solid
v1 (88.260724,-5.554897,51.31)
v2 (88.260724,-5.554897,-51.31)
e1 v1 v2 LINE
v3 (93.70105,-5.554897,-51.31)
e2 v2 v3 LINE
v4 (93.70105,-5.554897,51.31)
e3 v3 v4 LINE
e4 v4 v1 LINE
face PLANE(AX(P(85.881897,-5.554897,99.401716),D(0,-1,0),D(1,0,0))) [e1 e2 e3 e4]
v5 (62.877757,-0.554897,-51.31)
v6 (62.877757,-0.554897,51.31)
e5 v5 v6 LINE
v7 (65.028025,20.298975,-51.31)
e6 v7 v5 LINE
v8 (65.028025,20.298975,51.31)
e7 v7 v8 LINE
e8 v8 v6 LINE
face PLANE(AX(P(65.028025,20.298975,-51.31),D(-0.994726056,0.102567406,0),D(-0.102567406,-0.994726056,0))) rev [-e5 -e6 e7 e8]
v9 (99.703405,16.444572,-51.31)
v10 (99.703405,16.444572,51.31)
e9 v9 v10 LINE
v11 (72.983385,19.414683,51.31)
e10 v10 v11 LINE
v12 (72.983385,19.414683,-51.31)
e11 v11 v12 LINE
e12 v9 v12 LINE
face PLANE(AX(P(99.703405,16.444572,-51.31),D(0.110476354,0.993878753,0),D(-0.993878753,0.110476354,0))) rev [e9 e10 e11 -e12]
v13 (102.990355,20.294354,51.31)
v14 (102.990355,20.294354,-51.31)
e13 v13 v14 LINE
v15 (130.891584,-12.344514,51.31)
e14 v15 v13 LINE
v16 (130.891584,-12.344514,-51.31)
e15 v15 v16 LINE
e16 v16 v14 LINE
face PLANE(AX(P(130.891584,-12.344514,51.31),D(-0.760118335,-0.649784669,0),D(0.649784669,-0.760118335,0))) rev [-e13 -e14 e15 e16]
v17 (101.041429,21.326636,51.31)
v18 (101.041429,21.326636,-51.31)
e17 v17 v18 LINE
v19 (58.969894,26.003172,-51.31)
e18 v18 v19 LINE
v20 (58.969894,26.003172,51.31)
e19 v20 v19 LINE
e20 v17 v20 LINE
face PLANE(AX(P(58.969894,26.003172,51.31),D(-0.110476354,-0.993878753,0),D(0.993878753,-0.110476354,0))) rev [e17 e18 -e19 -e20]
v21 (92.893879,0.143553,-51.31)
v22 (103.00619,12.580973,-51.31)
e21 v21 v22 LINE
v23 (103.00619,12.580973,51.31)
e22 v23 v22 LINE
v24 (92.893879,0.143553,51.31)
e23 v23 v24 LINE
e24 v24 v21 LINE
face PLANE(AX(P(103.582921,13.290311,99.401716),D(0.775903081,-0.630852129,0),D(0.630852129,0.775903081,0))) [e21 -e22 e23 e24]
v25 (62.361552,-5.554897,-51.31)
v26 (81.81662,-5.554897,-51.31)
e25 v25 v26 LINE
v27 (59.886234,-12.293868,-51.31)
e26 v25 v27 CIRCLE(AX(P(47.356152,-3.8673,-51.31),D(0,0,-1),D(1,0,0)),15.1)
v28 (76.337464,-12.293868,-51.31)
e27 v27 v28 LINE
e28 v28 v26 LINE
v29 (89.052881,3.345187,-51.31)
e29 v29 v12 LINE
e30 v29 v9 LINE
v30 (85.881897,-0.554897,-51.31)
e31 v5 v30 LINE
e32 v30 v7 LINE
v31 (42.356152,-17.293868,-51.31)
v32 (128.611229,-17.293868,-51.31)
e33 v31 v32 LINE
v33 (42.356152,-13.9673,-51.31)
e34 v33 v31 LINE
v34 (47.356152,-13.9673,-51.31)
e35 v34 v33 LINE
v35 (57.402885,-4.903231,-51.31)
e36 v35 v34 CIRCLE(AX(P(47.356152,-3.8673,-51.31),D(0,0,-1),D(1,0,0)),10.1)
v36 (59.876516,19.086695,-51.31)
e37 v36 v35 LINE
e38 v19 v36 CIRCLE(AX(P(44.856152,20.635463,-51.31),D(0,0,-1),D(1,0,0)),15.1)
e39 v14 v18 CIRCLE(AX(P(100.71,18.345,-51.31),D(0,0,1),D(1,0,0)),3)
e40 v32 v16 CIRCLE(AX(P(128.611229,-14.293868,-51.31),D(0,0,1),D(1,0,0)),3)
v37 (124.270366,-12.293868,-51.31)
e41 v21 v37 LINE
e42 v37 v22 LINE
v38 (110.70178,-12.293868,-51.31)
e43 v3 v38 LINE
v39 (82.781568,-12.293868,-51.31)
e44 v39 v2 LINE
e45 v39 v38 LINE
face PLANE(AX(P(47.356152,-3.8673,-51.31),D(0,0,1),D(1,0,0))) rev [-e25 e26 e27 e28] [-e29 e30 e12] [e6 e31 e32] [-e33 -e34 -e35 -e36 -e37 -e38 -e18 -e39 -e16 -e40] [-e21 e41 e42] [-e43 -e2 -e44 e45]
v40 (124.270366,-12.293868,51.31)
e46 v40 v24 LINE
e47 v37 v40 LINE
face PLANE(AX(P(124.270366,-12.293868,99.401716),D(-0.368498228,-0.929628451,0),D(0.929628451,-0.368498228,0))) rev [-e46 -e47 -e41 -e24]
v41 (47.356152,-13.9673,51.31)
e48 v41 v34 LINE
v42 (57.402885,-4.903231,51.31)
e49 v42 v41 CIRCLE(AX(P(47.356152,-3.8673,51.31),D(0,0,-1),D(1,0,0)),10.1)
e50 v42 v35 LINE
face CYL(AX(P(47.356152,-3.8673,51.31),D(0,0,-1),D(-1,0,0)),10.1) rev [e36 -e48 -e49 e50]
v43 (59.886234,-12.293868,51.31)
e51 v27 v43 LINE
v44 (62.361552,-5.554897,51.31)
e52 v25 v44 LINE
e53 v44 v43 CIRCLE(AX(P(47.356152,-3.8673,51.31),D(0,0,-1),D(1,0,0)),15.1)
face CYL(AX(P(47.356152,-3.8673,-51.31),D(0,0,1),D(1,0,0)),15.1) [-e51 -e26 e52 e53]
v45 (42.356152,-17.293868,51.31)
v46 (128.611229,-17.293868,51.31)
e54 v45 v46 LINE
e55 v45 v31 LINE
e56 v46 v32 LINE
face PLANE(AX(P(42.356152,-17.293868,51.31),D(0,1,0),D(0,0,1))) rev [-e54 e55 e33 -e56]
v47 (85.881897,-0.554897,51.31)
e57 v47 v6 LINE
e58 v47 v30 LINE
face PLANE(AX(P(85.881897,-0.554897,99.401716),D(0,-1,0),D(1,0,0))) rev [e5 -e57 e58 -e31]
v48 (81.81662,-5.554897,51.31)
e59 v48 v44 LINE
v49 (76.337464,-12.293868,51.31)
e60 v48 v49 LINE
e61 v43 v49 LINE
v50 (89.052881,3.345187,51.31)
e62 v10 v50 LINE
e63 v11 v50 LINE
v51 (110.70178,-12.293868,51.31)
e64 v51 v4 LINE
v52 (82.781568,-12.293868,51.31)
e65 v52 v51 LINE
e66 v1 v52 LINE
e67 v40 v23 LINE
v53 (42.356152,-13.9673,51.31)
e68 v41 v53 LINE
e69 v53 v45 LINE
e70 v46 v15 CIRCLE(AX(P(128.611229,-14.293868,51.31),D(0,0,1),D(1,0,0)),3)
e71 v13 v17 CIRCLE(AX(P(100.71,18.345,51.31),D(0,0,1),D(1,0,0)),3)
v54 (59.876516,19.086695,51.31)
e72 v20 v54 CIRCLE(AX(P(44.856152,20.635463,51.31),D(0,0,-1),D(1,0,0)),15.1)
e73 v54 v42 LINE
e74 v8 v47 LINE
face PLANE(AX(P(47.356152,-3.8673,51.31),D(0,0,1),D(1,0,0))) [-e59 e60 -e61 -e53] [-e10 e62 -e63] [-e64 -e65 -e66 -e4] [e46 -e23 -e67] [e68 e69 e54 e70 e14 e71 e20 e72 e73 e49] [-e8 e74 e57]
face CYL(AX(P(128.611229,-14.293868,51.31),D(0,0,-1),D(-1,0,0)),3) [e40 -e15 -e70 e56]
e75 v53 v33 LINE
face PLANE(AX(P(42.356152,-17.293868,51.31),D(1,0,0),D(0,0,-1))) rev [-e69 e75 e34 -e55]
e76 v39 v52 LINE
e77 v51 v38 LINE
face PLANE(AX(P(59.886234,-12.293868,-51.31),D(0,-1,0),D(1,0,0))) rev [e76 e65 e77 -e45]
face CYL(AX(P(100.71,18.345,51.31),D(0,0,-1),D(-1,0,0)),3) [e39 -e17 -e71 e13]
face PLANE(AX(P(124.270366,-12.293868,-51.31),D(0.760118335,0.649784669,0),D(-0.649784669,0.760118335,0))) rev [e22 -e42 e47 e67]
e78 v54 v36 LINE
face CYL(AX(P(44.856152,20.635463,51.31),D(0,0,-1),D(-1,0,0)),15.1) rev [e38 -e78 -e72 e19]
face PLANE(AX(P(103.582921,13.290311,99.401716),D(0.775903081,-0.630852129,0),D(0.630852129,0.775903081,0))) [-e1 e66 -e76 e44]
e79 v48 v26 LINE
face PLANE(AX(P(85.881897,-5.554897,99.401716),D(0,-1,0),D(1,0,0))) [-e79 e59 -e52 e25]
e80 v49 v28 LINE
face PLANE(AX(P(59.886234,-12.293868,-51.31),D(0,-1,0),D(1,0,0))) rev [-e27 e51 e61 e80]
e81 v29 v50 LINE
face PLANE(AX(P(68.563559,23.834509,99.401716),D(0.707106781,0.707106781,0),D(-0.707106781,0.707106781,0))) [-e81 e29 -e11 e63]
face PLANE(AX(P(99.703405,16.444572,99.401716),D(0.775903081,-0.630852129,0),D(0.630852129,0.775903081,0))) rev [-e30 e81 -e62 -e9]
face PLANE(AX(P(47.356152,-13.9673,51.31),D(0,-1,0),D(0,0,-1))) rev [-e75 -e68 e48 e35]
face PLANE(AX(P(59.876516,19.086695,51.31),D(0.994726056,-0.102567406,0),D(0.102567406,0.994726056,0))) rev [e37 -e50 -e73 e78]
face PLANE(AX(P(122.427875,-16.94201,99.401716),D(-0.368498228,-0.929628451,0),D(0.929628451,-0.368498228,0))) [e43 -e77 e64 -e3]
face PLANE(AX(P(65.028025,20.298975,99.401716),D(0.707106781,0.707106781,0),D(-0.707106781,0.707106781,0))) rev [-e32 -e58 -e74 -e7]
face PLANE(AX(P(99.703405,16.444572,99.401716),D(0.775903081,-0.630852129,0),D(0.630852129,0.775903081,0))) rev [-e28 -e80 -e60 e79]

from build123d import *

# Parameters (mm, degrees)
BOSS_EXTRUDE1_DEPTH = 51.31
CUT_EXTRUDE1_DEPTH  = 169.903952009
EXTRUDE_THIN1_START = -51.31
EXTRUDE_THIN1_DEPTH = 102.62


with BuildPart() as part:
    # Sketch1 → Boss-Extrude1 (new, symmetric)
    with BuildSketch(Plane.XY):
        with BuildLine():
            Line((59.876515773, 19.086695264), (57.402885491, -4.903230804))
            ThreePointArc((57.402885491, -4.903230804), (54.121767552, -11.36639665), (47.356152322, -13.9673))
            Line((47.356152322, -13.9673), (42.356152322, -13.9673))
            Line((42.356152322, -13.9673), (42.356152322, -17.293867679))
            Line((42.356152322, -17.293867679), (128.611229128, -17.293867679))
            ThreePointArc((128.611229128, -17.293867679), (131.335936638, -15.549243714), (130.891584134, -12.344513672))
            Line((130.891584134, -12.344513672), (102.990355006, 20.294354008))
            ThreePointArc((102.990355006, 20.294354008), (102.114192176, 20.996083615), (101.041429063, 21.326636258))
            Line((101.041429063, 21.326636258), (58.969893766, 26.003172338))
            ThreePointArc((58.969893766, 26.003172338), (59.828073734, 22.598004621), (59.876515773, 19.086695264))
        make_face()
    extrude(amount=BOSS_EXTRUDE1_DEPTH, both=True)

    # Sketch2 → Cut-Extrude1 (cut, through all)
    with BuildSketch(Plane.XY.offset(51.31)):
        with BuildLine():
            Line((65.02802496, 20.298975288), (62.376515773, -5.416067836))
            ThreePointArc((62.376515773, -5.416067836), (61.55413792, -9.00803973), (59.886234411, -12.293867679))
            Line((59.886234411, -12.293867679), (124.270366416, -12.293867679))
            Line((124.270366416, -12.293867679), (99.70340547, 16.444571904))
            Line((99.70340547, 16.444571904), (65.02802496, 20.298975288))
        make_face()
    extrude(amount=-CUT_EXTRUDE1_DEPTH, mode=Mode.SUBTRACT)

    # Sketch3 → Extrude-Thin1 (add)
    with BuildSketch(Plane.XY.offset(EXTRUDE_THIN1_START)):
        Polygon((99.70340547, 16.444571904), (76.337464228, -12.293867679), (80.216979633, -15.448128325), (103.582920875, 13.290311258), align=None)
        Polygon((124.270366416, -12.293867679), (88.020434849, 2.075352112), (86.177943711, -2.572790141), (122.427875278, -16.942009933), align=None)
        Polygon((65.02802496, 20.298975288), (85.881897007, -0.554896759), (62.877757, -0.554896759), (59.886234411, -0.554896759), (59.886234411, -5.554896759), (62.877757, -5.554896759), (97.952964819, -5.554896759), (68.563558866, 23.834509194), align=None)
    extrude(amount=EXTRUDE_THIN1_DEPTH)


solid = part.part
